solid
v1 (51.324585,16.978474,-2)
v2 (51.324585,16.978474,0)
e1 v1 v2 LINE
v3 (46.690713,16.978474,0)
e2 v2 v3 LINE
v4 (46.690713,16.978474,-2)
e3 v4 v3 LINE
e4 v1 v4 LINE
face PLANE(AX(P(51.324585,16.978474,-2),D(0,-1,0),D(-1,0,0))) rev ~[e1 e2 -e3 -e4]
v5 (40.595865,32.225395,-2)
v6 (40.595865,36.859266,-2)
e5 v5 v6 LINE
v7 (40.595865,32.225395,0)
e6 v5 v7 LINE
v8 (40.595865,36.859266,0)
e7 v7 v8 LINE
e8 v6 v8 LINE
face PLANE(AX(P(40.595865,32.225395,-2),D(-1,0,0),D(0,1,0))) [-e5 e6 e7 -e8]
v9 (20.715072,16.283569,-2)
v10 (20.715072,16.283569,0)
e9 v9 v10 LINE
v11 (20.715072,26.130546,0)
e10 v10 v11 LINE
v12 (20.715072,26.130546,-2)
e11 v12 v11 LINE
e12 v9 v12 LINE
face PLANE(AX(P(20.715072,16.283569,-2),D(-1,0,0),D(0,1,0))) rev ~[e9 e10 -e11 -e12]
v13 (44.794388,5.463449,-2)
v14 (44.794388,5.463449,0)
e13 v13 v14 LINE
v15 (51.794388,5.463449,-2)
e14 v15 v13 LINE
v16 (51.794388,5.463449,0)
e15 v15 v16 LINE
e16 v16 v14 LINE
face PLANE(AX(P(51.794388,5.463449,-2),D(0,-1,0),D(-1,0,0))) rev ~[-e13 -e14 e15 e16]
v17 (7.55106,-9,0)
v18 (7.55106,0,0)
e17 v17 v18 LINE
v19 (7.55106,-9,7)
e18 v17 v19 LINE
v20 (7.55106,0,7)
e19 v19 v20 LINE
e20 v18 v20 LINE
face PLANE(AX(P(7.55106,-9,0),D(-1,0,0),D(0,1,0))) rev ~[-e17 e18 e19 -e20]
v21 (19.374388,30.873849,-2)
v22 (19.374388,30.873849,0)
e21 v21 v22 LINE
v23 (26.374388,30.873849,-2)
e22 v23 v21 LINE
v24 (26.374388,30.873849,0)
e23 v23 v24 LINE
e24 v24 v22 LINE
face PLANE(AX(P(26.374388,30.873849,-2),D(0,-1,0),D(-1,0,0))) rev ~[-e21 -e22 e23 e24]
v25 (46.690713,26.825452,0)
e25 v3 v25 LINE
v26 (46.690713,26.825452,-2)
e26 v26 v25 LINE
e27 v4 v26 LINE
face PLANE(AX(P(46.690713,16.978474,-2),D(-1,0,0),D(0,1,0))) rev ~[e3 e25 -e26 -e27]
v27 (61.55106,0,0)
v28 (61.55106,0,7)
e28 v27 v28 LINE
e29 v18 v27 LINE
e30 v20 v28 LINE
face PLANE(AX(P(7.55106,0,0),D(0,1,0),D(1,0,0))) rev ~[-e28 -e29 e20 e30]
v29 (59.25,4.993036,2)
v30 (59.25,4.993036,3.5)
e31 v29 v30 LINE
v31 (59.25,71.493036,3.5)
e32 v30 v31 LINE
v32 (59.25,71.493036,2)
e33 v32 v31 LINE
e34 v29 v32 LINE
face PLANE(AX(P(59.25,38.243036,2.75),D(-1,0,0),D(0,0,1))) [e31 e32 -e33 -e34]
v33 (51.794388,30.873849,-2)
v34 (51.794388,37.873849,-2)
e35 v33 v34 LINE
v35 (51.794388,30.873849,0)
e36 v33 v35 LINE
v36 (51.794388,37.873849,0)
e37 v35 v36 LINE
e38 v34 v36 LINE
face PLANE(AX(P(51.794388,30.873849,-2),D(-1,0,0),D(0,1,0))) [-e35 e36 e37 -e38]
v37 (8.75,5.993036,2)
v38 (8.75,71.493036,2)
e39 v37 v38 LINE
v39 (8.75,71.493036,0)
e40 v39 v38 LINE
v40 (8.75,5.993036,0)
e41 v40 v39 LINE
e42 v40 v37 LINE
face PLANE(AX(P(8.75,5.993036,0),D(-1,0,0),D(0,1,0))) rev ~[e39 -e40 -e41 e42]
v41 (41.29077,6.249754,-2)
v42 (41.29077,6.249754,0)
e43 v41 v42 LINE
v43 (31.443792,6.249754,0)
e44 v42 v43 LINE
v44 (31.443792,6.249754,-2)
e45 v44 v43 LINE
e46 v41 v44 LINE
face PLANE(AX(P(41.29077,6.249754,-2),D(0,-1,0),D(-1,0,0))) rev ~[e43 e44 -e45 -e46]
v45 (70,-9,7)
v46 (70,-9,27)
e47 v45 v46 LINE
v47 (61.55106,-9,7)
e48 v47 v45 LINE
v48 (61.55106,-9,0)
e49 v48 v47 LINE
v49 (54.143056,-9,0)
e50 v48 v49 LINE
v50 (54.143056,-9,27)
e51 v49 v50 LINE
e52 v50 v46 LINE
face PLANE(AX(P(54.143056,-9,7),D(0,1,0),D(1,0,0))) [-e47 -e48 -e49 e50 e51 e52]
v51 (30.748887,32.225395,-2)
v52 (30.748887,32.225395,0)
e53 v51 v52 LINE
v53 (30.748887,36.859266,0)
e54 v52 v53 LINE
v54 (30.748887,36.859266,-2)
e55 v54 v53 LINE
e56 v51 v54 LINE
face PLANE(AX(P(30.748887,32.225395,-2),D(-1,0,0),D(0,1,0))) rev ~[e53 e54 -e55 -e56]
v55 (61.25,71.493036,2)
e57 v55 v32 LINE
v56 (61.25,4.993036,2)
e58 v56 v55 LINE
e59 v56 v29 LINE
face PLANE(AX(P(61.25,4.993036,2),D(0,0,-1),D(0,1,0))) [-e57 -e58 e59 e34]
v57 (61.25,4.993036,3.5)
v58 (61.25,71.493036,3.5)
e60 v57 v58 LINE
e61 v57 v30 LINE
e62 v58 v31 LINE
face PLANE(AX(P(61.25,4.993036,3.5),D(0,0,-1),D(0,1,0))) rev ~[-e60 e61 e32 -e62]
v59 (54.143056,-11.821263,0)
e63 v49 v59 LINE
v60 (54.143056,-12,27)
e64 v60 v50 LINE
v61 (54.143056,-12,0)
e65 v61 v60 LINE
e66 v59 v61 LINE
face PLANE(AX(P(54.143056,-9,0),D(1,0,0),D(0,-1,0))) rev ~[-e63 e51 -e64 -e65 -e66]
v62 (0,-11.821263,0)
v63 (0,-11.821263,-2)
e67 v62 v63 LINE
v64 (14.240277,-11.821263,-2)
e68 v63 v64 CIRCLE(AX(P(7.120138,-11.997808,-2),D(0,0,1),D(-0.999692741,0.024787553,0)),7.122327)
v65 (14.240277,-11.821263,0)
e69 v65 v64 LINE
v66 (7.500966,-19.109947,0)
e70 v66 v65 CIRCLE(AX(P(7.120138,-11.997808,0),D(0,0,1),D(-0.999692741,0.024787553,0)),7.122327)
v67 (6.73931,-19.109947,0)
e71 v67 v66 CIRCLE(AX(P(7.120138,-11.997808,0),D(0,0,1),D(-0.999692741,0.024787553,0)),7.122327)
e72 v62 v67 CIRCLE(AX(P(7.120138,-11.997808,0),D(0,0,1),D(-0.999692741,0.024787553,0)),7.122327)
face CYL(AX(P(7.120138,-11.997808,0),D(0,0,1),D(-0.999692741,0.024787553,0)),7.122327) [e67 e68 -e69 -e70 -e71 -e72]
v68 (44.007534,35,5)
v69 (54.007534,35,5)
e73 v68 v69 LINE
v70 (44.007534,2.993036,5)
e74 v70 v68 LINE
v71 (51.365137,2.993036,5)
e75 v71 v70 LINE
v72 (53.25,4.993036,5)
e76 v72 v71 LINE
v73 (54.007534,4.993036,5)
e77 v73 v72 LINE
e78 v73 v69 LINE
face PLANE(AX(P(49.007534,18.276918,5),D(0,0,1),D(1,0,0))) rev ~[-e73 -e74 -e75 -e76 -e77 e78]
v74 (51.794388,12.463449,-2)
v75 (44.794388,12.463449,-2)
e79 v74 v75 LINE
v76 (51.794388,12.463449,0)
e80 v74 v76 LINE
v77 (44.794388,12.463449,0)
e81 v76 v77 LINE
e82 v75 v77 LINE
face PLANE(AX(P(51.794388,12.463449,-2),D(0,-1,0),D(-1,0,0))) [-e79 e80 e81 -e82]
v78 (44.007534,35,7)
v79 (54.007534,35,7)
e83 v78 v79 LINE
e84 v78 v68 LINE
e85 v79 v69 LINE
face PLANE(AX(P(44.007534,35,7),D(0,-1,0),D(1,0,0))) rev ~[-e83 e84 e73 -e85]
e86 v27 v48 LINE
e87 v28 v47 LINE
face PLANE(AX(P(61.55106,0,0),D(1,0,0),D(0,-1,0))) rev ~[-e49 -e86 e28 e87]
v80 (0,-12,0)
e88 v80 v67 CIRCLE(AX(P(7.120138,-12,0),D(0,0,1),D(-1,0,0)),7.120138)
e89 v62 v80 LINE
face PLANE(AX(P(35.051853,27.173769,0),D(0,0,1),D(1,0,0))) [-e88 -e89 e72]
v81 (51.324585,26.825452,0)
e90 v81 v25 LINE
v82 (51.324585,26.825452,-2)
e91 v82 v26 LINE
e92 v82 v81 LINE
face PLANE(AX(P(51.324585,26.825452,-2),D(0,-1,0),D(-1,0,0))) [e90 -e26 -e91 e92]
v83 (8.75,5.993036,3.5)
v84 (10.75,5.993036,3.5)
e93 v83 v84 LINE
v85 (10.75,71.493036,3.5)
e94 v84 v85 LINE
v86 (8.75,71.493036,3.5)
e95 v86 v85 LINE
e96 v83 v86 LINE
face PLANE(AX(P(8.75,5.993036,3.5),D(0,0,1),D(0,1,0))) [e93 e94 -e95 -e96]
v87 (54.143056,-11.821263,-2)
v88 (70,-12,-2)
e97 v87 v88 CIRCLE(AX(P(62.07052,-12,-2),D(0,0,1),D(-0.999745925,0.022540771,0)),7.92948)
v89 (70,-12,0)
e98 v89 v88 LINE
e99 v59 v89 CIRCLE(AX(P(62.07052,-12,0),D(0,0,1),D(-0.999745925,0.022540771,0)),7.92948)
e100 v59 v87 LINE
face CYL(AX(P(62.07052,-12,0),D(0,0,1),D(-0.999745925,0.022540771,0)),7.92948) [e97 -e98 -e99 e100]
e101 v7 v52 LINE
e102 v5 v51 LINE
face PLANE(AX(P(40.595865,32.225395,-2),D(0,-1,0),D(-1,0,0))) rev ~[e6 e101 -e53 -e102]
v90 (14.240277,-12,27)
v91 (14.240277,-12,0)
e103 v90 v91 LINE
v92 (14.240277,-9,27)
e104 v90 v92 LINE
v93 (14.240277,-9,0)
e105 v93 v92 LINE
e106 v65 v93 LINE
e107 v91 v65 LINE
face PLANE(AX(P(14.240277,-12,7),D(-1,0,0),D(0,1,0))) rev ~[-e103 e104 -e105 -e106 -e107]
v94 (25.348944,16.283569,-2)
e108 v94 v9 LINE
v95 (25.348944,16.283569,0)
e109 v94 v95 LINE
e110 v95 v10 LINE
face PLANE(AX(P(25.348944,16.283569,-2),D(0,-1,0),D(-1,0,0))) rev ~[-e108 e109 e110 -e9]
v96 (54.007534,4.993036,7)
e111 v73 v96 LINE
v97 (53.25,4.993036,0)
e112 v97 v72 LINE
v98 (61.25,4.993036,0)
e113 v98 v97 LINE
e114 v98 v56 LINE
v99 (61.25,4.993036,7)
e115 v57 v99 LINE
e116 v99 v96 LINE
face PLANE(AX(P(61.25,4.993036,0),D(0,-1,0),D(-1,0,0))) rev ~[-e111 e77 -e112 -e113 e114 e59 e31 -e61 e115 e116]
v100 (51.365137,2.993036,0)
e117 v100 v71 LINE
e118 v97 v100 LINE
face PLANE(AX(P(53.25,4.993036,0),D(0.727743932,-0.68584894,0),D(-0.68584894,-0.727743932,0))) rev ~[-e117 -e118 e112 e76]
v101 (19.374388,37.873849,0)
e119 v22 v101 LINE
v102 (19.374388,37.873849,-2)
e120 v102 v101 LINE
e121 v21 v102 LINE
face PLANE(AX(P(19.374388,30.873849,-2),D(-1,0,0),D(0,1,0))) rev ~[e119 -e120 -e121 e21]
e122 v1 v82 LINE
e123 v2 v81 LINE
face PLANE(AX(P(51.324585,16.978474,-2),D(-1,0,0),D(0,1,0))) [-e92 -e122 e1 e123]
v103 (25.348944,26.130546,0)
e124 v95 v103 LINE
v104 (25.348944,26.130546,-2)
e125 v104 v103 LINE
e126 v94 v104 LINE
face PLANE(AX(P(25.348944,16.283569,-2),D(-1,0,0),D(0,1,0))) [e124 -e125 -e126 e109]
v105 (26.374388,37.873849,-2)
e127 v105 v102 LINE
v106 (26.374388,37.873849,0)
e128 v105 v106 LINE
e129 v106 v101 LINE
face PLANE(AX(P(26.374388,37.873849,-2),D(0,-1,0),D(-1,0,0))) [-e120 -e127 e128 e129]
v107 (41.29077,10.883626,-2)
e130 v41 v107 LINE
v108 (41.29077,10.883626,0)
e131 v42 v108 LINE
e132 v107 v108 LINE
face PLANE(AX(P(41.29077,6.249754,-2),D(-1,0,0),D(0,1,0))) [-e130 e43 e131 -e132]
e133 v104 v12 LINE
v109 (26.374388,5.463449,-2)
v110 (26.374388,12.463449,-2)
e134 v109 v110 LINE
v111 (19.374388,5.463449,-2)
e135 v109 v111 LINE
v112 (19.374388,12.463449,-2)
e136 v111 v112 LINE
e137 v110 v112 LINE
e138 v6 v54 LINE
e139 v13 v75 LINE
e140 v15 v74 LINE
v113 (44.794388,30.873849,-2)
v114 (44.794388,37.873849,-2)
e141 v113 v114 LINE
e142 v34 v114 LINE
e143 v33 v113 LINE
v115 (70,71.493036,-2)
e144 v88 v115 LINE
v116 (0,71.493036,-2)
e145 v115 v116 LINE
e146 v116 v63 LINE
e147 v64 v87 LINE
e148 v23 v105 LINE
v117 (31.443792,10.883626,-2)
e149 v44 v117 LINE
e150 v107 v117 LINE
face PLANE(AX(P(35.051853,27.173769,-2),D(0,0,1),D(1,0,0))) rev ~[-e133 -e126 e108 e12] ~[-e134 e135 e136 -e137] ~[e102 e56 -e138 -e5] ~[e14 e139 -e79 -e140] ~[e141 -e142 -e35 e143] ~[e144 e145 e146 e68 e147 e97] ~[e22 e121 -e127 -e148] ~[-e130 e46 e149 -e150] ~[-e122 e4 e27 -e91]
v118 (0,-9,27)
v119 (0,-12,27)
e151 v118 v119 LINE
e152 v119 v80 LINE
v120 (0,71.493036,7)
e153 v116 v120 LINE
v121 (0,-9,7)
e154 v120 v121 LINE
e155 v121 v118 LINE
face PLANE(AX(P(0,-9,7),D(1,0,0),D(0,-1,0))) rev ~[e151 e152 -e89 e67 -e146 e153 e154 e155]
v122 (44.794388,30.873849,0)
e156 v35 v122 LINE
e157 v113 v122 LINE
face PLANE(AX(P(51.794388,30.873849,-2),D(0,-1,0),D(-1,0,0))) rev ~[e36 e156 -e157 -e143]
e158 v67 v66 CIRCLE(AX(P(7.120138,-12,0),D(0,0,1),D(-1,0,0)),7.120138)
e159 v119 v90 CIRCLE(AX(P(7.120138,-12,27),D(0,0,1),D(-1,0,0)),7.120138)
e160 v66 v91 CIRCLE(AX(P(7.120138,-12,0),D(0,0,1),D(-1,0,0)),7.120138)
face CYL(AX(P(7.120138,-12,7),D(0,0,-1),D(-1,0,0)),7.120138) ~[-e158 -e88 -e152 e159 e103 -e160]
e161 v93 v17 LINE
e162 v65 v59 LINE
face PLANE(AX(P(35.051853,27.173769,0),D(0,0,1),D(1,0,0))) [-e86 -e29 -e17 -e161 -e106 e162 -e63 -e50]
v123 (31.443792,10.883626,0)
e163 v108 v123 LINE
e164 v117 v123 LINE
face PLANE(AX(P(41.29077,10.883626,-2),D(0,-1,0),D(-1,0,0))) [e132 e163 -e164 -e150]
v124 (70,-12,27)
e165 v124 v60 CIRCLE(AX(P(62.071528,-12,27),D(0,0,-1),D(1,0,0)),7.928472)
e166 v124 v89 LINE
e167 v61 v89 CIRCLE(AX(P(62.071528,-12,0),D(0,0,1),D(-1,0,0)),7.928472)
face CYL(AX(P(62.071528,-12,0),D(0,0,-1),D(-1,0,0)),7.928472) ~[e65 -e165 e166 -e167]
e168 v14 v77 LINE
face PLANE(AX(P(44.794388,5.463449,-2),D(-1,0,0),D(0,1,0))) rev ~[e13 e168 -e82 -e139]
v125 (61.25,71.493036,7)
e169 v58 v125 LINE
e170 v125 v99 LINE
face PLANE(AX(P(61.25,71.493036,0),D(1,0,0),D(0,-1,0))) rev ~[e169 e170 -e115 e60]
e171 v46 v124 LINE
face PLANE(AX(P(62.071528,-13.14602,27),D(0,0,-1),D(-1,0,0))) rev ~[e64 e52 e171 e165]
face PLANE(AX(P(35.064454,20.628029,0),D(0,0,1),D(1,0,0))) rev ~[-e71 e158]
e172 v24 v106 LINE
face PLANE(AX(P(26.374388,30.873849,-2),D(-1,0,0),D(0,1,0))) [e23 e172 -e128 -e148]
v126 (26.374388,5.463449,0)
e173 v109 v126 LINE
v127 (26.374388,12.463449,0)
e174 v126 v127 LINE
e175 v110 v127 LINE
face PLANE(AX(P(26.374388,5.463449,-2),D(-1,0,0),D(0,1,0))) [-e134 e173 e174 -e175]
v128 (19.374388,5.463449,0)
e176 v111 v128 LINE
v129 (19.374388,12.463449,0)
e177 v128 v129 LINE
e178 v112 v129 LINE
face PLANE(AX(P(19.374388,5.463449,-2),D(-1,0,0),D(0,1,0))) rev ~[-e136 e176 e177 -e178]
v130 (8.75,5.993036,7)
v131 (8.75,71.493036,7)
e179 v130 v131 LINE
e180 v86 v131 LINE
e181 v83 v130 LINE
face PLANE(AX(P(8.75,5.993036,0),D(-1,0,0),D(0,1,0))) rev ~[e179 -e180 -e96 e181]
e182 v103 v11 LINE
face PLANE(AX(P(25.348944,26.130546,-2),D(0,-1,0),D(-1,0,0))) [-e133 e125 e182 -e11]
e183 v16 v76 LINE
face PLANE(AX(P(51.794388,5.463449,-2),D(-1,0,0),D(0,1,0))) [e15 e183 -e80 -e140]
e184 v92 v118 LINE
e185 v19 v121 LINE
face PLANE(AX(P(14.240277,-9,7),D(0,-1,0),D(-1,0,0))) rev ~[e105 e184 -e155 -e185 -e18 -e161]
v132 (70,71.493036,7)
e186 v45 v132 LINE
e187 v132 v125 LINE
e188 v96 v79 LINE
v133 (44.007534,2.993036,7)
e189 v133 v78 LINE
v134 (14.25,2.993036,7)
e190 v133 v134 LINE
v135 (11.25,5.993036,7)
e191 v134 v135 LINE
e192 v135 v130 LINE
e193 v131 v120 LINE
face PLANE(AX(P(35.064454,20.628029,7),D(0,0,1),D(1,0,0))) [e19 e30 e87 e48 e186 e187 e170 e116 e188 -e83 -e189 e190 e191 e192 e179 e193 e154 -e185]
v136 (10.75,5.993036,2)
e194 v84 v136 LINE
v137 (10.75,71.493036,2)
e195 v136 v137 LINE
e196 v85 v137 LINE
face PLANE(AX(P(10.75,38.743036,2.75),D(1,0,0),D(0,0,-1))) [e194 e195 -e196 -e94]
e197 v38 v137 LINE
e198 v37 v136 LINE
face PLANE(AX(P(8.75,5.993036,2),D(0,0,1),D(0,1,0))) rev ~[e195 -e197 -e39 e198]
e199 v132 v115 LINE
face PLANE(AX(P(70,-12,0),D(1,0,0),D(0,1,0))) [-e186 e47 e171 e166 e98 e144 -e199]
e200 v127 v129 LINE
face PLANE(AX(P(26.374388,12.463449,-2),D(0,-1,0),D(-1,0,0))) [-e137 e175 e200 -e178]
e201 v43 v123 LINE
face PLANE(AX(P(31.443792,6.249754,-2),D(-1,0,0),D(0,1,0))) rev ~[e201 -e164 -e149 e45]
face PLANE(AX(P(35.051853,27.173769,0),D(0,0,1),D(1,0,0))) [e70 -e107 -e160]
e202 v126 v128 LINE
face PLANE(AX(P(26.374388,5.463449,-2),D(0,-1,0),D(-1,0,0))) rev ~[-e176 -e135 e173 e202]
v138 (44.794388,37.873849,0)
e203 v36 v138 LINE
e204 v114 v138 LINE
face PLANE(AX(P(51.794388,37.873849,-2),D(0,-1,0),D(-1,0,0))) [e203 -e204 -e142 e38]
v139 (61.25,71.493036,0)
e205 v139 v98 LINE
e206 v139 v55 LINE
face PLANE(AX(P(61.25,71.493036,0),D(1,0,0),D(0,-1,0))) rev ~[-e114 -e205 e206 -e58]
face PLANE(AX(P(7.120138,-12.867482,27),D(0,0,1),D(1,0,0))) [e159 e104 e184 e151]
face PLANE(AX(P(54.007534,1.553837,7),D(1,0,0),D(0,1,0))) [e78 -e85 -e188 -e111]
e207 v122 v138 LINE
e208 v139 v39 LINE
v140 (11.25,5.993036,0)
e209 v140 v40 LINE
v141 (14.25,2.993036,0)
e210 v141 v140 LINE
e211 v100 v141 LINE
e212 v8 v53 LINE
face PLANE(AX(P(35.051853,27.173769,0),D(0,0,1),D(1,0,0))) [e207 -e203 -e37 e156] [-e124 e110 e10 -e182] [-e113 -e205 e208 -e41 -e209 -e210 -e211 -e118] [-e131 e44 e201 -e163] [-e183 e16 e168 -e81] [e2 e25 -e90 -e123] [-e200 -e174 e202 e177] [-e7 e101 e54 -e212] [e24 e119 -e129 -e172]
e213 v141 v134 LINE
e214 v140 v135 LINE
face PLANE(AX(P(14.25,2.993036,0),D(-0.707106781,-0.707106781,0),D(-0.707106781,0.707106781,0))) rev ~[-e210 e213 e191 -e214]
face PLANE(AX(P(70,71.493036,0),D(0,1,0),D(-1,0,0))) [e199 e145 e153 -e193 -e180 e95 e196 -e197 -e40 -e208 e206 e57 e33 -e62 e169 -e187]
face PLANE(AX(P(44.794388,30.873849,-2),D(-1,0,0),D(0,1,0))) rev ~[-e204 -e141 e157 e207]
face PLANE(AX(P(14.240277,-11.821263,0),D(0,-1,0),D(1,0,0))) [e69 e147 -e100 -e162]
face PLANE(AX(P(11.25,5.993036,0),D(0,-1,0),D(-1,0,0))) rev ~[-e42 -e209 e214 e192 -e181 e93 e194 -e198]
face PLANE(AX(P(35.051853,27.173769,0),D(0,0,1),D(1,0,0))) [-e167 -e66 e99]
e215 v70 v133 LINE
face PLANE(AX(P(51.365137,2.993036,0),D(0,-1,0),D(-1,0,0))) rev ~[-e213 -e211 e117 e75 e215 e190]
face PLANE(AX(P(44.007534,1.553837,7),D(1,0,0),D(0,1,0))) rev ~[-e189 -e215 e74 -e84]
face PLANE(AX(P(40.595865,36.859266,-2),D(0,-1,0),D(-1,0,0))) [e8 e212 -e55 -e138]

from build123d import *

# Parameters (mm, degrees)
BOSS_EXTRUDE1_DEPTH = 7
SKETCH3_W           = 1.5
SKETCH3_H           = 65.5
BOSS_EXTRUDE2_DEPTH = 2
SKETCH4_W           = 1.5
SKETCH4_H           = 66.5
BOSS_EXTRUDE3_DEPTH = 2
SKETCH7_W           = 10
SKETCH7_H           = 33.446163333
BOSS_EXTRUDE6_DEPTH = 2
BOSS_EXTRUDE7_DEPTH = 2
BOSS_EXTRUDE8_DEPTH = 20
SKETCH15_W          = 7
SKETCH15_H          = 7
CUT_EXTRUDE4_DEPTH  = 2
SKETCH16_W          = 4.633871769
SKETCH16_H          = 9.84697751
SKETCH16_W_2        = 9.84697751
SKETCH16_H_2        = 4.63387177
SKETCH16_H_3        = 9.846977511
CUT_EXTRUDE5_DEPTH  = 2


with BuildPart() as part:
    # Sketch2 → Boss-Extrude1 (new body)
    with BuildSketch(Plane.XY):
        with BuildLine():
            Line((70, 0), (70, 71.493036289))
            Line((70, 71.493036289), (61.25, 71.493036289))
            Line((61.25, 71.493036289), (61.25, 4.993036289))
            Line((61.25, 4.993036289), (53.25, 4.993036289))
            Line((53.25, 4.993036289), (51.365136631, 2.993036289))
            Line((51.365136631, 2.993036289), (14.25, 2.993036289))
            Line((14.25, 2.993036289), (11.25, 5.993036289))
            Line((11.25, 5.993036289), (8.75, 5.993036289))
            Line((8.75, 5.993036289), (8.75, 71.493036289))
            Line((8.75, 71.493036289), (0, 71.493036289))
            Line((0, 71.493036289), (0, 0))
            Line((0, 0), (0, -12))
            ThreePointArc((0, -12), (7.120138309, -19.120138309), (14.240276619, -12))
            Line((14.240276619, -12), (14.240276619, -9))
            Line((14.240276619, -9), (7.551059866, -9))
            Line((7.551059866, -9), (7.551059866, 0))
            Line((7.551059866, 0), (61.551059866, 0))
            Line((61.551059866, 0), (61.551059866, -9))
            Line((61.551059866, -9), (54.143055629, -9))
            Line((54.143055629, -9), (54.143055629, -12))
            ThreePointArc((54.143055629, -12), (62.071527814, -19.928472186), (70, -12))
            Line((70, -12), (70, 0))
        make_face()
    extrude(amount=BOSS_EXTRUDE1_DEPTH)

    # Sketch3 → Boss-Extrude2 (add)
    with BuildSketch(Plane(origin=(8.75, 0, 0), x_dir=(0, 0, -1), z_dir=(1, 0, 0))):
        with Locations((-2.75, 38.743036289)):
            Rectangle(SKETCH3_W, SKETCH3_H)
    extrude(amount=BOSS_EXTRUDE2_DEPTH)

    # Sketch4 → Boss-Extrude3 (add)
    with BuildSketch(Plane.ZY.offset(-61.25)):
        with Locations((2.75, 38.243036289)):
            Rectangle(SKETCH4_W, SKETCH4_H)
    extrude(amount=BOSS_EXTRUDE3_DEPTH)

    # Sketch7 → Boss-Extrude6 (add)
    with BuildSketch(Plane.XY.offset(7)):
        with Locations((49.00753408, 18.276918333)):
            Rectangle(SKETCH7_W, SKETCH7_H)
    extrude(amount=-BOSS_EXTRUDE6_DEPTH)

    # Sketch8 → Boss-Extrude7 (add)
    with BuildSketch(Plane(origin=(0, 0, 0), x_dir=(-1, 0, 0), z_dir=(0, 0, -1))):
        with BuildLine():
            Line((-70, 71.493036289), (0, 71.493036289))
            Line((0, 71.493036289), (0, -11.821263414))
            ThreePointArc((0, -11.821263414), (-7.120138309, -19.120135173), (-14.240276619, -11.821263414))
            Line((-14.240276619, -11.821263414), (-54.143055629, -11.821263414))
            ThreePointArc((-54.143055629, -11.821263414), (-61.981146501, -19.928975841), (-70, -12))
            Line((-70, -12), (-70, 71.493036289))
        make_face()
    extrude(amount=BOSS_EXTRUDE7_DEPTH)

    # Sketch14 → Boss-Extrude8 (add)
    with BuildSketch(Plane.XY.offset(7)):
        with BuildLine():
            Line((14.240276619, -12), (14.240276619, -9))
            Line((14.240276619, -9), (0, -9))
            Line((0, -9), (0, -12))
            ThreePointArc((0, -12), (7.120138309, -19.120138309), (14.240276619, -12))
        make_face()
        with BuildLine():
            Line((54.143055629, -12), (54.143055629, -9))
            Line((54.143055629, -9), (70, -9))
            Line((70, -9), (70, -12))
            ThreePointArc((70, -12), (62.071527814, -19.928472186), (54.143055629, -12))
        make_face()
    extrude(amount=BOSS_EXTRUDE8_DEPTH)

    # Sketch15 → Cut-Extrude4 (cut)
    with BuildSketch(Plane(origin=(0, 0, -2), x_dir=(-1, 0, 0), z_dir=(0, 0, -1))):
        with Locations((-48.294388032, 8.963448797)):
            Rectangle(SKETCH15_W, SKETCH15_H)
        with Locations((-48.294388032, 34.373848797)):
            Rectangle(SKETCH15_W, SKETCH15_H)
        with Locations((-22.874388032, 8.963448797)):
            Rectangle(SKETCH15_W, SKETCH15_H)
        with Locations((-22.874388032, 34.373848797)):
            Rectangle(SKETCH15_W, SKETCH15_H)
    extrude(amount=-CUT_EXTRUDE4_DEPTH, mode=Mode.SUBTRACT)

    # Sketch16 → Cut-Extrude5 (cut)
    with BuildSketch(Plane(origin=(0, 0, -2), x_dir=(-1, 0, 0), z_dir=(0, 0, -1))):
        with Locations((-49.007648907, 21.901962869)):
            Rectangle(SKETCH16_W, SKETCH16_H)
        with Locations((-35.672375834, 34.542330615)):
            Rectangle(SKETCH16_W_2, SKETCH16_H_2)
        with Locations((-36.367281161, 8.566689797)):
            Rectangle(SKETCH16_W_2, SKETCH16_H_2)
        with Locations((-23.032008088, 21.207057543)):
            Rectangle(SKETCH16_W, SKETCH16_H_3)
    extrude(amount=-CUT_EXTRUDE5_DEPTH, mode=Mode.SUBTRACT)


solid = part.part
